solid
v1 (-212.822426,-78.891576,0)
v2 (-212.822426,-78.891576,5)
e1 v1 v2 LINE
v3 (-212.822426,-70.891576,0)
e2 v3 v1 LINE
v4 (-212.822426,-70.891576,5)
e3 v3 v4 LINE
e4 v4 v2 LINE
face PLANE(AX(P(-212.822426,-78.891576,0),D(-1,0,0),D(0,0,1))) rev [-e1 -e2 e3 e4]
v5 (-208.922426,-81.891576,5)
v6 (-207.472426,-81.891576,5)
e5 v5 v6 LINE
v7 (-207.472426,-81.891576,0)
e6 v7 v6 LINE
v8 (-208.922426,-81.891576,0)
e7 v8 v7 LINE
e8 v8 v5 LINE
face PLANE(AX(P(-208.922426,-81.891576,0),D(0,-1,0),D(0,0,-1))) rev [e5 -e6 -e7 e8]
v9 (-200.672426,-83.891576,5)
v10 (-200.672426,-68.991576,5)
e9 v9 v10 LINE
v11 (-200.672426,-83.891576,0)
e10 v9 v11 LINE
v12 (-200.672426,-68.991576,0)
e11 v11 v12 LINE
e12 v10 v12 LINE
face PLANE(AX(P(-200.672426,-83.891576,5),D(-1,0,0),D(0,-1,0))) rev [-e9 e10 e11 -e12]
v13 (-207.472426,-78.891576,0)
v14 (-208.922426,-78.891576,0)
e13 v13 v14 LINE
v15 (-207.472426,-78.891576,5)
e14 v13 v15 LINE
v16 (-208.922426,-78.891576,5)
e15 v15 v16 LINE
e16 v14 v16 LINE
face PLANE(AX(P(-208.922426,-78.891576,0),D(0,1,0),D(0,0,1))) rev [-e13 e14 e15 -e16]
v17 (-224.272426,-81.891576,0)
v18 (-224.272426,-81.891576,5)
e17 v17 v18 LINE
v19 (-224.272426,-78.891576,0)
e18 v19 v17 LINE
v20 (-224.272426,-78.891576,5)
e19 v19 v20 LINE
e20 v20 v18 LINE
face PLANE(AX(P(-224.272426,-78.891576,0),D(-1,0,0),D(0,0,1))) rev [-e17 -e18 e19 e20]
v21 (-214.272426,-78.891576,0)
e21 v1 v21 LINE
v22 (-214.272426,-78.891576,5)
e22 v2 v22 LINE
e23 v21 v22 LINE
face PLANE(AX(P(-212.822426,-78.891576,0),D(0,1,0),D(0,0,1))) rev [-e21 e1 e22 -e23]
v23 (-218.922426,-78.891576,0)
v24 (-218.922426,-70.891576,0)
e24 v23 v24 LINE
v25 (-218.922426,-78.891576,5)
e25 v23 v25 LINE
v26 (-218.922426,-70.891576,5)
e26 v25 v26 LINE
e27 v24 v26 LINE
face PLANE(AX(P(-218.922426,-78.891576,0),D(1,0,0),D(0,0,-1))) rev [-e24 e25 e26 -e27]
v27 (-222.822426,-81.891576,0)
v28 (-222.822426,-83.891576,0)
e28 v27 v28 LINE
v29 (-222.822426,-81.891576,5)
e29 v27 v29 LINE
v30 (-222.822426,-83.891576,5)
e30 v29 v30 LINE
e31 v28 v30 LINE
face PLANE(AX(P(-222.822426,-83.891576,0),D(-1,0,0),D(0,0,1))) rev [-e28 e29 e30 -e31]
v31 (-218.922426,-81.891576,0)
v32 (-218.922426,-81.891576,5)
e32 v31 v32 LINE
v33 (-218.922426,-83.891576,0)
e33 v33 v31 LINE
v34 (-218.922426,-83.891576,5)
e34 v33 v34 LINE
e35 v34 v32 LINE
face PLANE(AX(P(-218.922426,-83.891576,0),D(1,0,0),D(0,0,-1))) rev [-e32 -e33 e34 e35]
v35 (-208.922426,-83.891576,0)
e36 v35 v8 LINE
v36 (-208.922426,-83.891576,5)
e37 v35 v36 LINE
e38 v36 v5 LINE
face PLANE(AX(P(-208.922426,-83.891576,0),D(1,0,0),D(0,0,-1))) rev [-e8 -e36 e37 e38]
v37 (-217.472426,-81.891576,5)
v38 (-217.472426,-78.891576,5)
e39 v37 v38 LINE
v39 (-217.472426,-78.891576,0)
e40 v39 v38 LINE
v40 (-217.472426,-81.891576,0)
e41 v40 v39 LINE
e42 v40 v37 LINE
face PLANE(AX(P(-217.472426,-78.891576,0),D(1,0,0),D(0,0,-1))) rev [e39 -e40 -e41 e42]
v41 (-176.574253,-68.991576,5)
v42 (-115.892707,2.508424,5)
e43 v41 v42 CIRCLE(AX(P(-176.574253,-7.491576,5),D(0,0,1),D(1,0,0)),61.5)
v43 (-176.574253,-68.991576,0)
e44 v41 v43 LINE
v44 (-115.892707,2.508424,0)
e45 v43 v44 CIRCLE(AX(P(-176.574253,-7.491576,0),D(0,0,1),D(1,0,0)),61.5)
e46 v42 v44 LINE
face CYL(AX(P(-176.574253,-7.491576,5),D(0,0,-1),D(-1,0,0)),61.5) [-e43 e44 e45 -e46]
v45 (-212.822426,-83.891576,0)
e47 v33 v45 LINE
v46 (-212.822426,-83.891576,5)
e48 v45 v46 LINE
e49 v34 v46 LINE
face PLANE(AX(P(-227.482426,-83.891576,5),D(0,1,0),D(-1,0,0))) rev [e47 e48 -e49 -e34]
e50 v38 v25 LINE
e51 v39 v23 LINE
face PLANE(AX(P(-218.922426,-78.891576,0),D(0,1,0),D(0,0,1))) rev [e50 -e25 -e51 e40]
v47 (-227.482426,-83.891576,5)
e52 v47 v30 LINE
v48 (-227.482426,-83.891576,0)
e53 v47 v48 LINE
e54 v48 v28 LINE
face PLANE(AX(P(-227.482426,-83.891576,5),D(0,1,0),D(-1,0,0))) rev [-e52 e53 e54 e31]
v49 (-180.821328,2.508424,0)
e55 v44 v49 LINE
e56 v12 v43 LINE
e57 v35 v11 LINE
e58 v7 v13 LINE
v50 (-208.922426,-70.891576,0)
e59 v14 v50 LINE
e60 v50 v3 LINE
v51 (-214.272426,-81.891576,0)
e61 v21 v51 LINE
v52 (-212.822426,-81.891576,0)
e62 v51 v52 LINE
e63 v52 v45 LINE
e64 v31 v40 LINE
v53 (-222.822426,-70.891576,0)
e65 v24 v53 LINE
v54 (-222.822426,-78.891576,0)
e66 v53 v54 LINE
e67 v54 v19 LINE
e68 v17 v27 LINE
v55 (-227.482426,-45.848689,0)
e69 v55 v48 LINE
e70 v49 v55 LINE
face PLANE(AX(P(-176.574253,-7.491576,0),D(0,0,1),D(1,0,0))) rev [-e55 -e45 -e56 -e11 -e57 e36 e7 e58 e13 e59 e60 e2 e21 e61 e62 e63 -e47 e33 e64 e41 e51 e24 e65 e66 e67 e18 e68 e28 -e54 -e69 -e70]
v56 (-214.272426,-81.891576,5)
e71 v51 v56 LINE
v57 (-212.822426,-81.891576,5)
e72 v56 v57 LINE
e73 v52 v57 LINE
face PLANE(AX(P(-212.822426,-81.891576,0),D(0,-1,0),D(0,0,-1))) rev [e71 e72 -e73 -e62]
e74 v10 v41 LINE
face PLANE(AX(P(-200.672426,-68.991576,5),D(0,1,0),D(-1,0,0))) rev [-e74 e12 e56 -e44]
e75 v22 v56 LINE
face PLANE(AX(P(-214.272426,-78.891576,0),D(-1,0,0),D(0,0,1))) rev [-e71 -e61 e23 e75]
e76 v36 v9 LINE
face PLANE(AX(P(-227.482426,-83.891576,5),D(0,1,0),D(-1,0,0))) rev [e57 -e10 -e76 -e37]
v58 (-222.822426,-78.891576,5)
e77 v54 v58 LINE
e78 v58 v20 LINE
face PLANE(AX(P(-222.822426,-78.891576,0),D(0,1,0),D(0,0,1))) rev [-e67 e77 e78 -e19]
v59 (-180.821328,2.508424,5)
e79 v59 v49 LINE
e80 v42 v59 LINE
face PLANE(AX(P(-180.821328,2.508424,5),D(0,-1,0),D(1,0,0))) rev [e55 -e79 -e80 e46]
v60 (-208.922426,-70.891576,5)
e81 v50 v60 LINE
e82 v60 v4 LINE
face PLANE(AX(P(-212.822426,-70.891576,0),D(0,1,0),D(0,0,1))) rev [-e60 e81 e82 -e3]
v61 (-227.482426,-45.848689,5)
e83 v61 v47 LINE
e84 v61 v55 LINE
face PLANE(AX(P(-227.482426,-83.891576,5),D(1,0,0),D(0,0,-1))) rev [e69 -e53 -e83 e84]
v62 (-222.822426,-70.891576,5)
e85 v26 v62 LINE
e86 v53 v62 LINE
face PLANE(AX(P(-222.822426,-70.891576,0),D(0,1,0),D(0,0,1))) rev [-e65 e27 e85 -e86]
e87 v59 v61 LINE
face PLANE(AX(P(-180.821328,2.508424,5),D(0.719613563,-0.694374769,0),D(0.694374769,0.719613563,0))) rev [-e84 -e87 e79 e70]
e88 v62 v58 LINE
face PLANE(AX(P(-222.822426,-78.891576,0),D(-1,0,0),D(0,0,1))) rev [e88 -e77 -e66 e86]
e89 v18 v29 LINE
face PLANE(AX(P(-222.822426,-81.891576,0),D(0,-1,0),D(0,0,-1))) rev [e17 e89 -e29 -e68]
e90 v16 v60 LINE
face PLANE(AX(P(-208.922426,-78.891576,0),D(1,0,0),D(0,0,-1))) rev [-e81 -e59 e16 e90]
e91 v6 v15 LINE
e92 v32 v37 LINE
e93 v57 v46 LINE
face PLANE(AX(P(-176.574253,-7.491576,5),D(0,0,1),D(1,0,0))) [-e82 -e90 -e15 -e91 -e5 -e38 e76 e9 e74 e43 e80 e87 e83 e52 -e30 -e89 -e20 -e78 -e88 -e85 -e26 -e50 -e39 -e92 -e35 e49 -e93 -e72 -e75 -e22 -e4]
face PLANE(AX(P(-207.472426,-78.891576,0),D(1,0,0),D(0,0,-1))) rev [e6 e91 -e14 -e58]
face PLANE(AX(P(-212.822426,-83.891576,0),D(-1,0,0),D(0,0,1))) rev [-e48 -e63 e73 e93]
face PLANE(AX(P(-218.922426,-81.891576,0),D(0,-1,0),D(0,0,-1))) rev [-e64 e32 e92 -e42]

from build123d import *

# Parameters (mm, degrees)
BOSS_EXTRUDE1_DEPTH = 5
CUT_EXTRUDE1_DEPTH  = 5


with BuildPart() as part:
    # Sketch2 → Boss-Extrude1 (new body)
    with BuildSketch(Plane.XY):
        with BuildLine():
            Line((-227.482425682, -83.89157587), (-200.672425682, -83.89157587))
            Line((-200.672425682, -83.89157587), (-200.672425682, -68.99157587))
            Line((-200.672425682, -68.99157587), (-176.574253233, -68.99157587))
            ThreePointArc((-176.574253233, -68.99157587), (-129.684755475, -47.286361961), (-115.892707438, 2.50842413))
            Line((-115.892707438, 2.50842413), (-180.821327591, 2.50842413))
            Line((-180.821327591, 2.50842413), (-227.482425682, -45.84868874))
            Line((-227.482425682, -45.84868874), (-227.482425682, -83.89157587))
        make_face()
    extrude(amount=BOSS_EXTRUDE1_DEPTH)

    # Sketch4 → Cut-Extrude1 (cut)
    with BuildSketch(Plane.XY.offset(5)):
        Polygon((-212.822425682, -83.89157587), (-208.922425682, -83.89157587), (-208.922425682, -81.89157587), (-207.472425682, -81.89157587), (-207.472425682, -78.89157587), (-208.922425682, -78.89157587), (-208.922425682, -70.89157587), (-212.822425682, -70.89157587), (-212.822425682, -78.89157587), (-214.272425682, -78.89157587), (-214.272425682, -81.89157587), (-212.822425682, -81.89157587), align=None)
        Polygon((-222.822425682, -83.89157587), (-218.922425682, -83.89157587), (-218.922425682, -81.89157587), (-217.472425682, -81.89157587), (-217.472425682, -78.89157587), (-218.922425682, -78.89157587), (-218.922425682, -70.89157587), (-222.822425682, -70.89157587), (-222.822425682, -78.89157587), (-224.272425682, -78.89157587), (-224.272425682, -81.89157587), (-222.822425682, -81.89157587), align=None)
    extrude(amount=-CUT_EXTRUDE1_DEPTH, mode=Mode.SUBTRACT)


solid = part.part
